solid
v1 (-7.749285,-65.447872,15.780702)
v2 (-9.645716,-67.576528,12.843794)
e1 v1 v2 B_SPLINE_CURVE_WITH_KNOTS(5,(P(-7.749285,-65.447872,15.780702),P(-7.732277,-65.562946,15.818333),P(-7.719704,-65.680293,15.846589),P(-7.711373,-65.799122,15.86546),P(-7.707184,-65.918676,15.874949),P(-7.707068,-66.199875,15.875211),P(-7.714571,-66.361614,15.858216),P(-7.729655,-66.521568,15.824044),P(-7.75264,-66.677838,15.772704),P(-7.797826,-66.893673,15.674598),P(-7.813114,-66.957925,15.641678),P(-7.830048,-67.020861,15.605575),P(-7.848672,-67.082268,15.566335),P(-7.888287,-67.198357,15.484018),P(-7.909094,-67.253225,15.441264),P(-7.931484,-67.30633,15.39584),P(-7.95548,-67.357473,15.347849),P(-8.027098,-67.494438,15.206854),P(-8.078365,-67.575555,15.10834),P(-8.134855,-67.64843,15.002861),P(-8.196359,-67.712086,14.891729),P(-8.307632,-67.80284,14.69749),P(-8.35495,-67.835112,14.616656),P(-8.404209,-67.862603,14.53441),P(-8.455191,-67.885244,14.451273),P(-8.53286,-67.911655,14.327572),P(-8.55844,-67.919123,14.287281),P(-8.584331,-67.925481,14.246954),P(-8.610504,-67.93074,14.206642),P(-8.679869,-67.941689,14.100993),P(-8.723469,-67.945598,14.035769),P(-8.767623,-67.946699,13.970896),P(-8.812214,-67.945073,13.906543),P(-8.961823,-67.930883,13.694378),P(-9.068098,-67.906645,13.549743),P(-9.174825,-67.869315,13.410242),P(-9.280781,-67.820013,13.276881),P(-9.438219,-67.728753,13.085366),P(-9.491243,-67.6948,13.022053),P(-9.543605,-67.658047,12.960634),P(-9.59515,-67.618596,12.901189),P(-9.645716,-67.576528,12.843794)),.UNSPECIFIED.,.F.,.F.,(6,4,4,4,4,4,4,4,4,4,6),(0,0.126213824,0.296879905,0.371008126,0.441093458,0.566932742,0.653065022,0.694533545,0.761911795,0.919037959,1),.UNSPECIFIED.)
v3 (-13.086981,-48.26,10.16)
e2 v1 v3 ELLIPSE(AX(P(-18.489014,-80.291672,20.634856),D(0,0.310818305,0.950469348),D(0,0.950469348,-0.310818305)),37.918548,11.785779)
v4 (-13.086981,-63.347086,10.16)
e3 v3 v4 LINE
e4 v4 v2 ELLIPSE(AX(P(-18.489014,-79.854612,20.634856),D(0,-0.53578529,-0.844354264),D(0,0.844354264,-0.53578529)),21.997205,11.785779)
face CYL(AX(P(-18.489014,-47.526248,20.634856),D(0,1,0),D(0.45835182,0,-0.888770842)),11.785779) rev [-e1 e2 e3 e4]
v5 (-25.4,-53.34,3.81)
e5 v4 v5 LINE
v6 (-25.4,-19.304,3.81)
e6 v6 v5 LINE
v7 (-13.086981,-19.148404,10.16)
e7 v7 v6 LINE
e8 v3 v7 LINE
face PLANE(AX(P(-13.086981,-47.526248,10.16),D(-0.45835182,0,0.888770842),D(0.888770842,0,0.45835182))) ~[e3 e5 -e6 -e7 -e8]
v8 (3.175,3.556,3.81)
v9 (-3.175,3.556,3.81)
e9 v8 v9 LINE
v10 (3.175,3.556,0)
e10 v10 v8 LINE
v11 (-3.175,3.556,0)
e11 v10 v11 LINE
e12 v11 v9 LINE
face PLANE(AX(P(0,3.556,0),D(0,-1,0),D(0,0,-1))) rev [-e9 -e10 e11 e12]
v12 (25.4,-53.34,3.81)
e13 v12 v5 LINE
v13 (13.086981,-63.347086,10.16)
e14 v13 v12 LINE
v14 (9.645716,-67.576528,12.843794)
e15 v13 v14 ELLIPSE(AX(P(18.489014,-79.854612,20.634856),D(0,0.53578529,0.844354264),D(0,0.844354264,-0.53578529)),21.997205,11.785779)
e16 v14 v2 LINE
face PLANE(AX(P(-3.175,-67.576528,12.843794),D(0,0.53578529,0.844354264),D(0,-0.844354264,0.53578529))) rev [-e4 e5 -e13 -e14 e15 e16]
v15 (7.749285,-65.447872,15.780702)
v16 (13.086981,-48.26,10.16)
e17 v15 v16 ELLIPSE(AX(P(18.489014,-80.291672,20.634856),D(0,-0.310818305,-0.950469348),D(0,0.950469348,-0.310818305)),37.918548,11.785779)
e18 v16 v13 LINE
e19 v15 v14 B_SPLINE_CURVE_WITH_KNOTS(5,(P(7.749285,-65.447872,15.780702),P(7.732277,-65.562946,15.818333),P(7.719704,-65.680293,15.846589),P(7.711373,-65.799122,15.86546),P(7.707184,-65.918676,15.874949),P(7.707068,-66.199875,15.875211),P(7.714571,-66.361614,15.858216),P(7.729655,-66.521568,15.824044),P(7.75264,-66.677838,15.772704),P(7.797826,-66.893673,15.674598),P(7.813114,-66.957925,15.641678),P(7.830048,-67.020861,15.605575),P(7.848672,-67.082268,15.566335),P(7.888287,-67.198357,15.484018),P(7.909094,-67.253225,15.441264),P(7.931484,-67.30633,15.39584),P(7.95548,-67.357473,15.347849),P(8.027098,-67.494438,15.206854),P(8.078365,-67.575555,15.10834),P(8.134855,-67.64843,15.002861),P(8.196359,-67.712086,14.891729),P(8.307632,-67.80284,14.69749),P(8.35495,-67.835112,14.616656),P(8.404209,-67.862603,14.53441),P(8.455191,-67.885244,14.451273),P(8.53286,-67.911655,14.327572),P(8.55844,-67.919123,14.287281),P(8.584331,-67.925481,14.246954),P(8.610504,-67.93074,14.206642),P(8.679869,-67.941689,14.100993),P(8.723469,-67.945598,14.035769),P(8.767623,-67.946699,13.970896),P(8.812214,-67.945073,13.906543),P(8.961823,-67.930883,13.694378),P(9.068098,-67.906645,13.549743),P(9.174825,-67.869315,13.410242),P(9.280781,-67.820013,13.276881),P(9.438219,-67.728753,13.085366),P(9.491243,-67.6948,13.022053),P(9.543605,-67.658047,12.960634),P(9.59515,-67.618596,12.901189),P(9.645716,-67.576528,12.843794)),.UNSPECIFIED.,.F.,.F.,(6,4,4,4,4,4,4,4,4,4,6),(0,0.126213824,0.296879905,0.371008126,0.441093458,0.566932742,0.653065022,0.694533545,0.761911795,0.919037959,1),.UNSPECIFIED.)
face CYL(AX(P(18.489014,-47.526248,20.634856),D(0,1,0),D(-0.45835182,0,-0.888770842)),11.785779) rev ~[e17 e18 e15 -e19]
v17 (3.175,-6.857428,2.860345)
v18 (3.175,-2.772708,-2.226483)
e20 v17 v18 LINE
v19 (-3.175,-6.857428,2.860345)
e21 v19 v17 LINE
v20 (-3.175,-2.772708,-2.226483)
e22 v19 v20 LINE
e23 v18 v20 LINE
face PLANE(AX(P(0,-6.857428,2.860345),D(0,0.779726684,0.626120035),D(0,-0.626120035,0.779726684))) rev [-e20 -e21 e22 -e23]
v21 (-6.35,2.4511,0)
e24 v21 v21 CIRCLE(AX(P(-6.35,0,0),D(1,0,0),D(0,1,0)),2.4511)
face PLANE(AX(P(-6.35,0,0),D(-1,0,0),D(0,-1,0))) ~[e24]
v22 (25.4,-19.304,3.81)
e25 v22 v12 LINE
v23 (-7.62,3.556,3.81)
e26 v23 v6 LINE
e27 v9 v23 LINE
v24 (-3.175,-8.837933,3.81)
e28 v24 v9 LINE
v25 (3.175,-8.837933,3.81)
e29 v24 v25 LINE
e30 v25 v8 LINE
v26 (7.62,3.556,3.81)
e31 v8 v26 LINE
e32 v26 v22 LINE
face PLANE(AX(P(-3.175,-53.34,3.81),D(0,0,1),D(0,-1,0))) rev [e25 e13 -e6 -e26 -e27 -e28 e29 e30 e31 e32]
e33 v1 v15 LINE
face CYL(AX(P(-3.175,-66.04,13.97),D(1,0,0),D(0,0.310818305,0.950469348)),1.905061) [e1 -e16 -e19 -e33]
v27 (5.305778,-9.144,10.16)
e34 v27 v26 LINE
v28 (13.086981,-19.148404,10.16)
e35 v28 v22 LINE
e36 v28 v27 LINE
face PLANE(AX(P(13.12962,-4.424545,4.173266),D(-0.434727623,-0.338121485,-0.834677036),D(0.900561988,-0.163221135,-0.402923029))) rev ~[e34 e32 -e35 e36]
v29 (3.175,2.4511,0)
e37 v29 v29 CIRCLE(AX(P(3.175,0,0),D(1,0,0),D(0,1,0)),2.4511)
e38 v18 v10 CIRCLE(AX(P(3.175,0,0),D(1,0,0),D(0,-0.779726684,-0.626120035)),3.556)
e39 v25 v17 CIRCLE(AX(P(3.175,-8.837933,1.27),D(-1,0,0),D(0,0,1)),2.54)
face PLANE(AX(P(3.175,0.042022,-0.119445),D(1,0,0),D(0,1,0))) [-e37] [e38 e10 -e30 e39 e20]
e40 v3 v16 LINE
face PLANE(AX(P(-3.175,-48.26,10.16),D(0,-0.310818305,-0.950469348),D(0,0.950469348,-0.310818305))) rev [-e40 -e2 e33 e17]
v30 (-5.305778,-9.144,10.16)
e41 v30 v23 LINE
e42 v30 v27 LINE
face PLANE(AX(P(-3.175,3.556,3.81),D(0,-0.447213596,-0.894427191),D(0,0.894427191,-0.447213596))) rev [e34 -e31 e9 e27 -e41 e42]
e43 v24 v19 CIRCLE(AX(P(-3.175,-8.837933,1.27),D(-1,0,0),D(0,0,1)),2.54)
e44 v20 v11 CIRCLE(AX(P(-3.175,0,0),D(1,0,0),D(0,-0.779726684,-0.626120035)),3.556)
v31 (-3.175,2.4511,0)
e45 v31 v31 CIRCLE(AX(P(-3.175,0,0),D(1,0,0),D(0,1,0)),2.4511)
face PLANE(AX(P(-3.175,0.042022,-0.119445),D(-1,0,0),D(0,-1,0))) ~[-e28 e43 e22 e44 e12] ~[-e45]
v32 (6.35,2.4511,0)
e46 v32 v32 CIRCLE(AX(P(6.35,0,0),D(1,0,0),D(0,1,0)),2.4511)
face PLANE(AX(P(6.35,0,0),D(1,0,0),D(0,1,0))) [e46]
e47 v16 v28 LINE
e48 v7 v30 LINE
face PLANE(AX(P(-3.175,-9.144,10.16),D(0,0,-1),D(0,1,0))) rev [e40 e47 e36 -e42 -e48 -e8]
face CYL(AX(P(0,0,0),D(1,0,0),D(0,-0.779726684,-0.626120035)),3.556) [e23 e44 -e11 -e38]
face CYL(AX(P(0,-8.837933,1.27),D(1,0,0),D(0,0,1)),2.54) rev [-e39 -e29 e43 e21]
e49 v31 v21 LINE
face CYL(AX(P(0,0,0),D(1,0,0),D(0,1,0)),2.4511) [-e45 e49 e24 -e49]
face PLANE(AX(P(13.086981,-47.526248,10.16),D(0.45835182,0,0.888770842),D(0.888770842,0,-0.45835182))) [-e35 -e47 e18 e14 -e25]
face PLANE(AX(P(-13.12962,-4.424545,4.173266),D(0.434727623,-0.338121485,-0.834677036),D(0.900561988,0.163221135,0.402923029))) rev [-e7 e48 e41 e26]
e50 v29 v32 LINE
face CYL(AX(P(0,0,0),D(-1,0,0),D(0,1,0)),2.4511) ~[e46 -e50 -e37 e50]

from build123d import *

# Parameters (mm, degrees)
F0_R      = 2.4511
F1_DEPTH  = 6.35
F2_DEPTH  = 3.175
F4_DEPTH  = 22.225
F10_W     = 56.74121622
F10_H     = 63.8059750199
F11_DEPTH = 25.4
F16_W     = 82.6793257147
F16_H     = 72.7323014289
F17_DEPTH = 25.4
F19_DEPTH = 50.8
F20_DEPTH = 25.4


with BuildPart() as f1:
    # F0 (on Right) → F1 (new body)
    with BuildSketch(Plane.YZ):
        Circle(F0_R)
    extrude(amount=F1_DEPTH)

    # F0 (on Right) → F2 (join)
    with BuildSketch(Plane.YZ):
        with BuildLine():
            ThreePointArc((-2.7727080887, -2.2264828441), (1.1801241538, -3.3544661247), (3.556, 0))
            ThreePointArc((3.556, 0), (-1.1801241538, 3.3544661247), (-2.7727080887, -2.2264828441))
        make_face()
        Circle(F0_R, mode=Mode.SUBTRACT)
        with BuildLine():
            ThreePointArc((-2.7727080887, -2.2264828441), (-1.1801241538, 3.3544661247), (3.556, 0))
            Line((3.556, 0), (3.556, 3.81))
            Line((3.556, 3.81), (-9.144, 10.16))
            Line((-9.144, 10.16), (-48.26, 10.16))
            Line((-48.26, 10.16), (-65.4478720941, 15.7807023171))
            ThreePointArc((-65.4478720941, 15.7807023171), (-67.5825080121, 15.0880015075), (-67.5765277328, 12.843793596))
            Line((-67.5765277328, 12.843793596), (-53.34, 3.81))
            Line((-53.34, 3.81), (-8.837933323, 3.81))
            ThreePointArc((-8.837933323, 3.81), (-7.7397247856, 3.5603139541), (-6.8574275453, 2.8603448886))
            Line((-6.8574275453, 2.8603448886), (-2.7727080887, -2.2264828441))
        make_face()
    extrude(amount=F2_DEPTH)

    # F3 (on face) → F4 (join)
    with BuildSketch(Plane.YZ.offset(3.175)):
        with BuildLine():
            Line((-8.837933323, 3.81), (3.556, 3.81))
            Line((3.556, 3.81), (-9.144, 10.16))
            Line((-9.144, 10.16), (-48.26, 10.16))
            Line((-48.26, 10.16), (-65.4478720941, 15.7807023171))
            ThreePointArc((-65.4478720941, 15.7807023171), (-67.5825080121, 15.0880015075), (-67.5765277328, 12.843793596))
            Line((-67.5765277328, 12.843793596), (-53.34, 3.81))
            Line((-53.34, 3.81), (-8.837933323, 3.81))
        make_face()
    extrude(amount=F4_DEPTH)

    # F10 (on 3pt) → F11 (cut)
    with BuildSketch(Plane(origin=(6.888273007, 0, 13.3567620635), x_dir=(0.8887708418, 0, -0.4583518198), z_dir=(0.4583518198, 0, 0.8887708418))):
        with Locations((15.902667772, -15.6232602894)):
            Rectangle(F10_W, F10_H)
    extrude(amount=F11_DEPTH, mode=Mode.SUBTRACT)

    # F16 (on 3pt) → F17 (cut)
    with BuildSketch(Plane(origin=(3.3452742707, 2.6018799884, 6.4229265998), x_dir=(0.9005619877, -0.1632211346, -0.4029230293), z_dir=(-0.4347276232, -0.3381214847, -0.8346770365))):
        with Locations((10.8647113666, 5.6677246466)):
            Rectangle(F16_W, F16_H)
    extrude(amount=-F17_DEPTH, mode=Mode.SUBTRACT)

    # F18 (on face) → F19 (cut)
    with BuildSketch(Plane(origin=(0, -47.5262477994, 0), x_dir=(-1, 0, 0), z_dir=(0, 1, 0))):
        with BuildLine():
            Line((-25.4, 10.16), (-13.0869806094, 10.16))
            ThreePointArc((-13.0869806094, 10.16), (-8.7936537349, 13.9337689195), (-6.7809289321, 19.2838087678))
            Line((-6.7809289321, 19.2838087678), (-25.4, 19.48883757))
            Line((-25.4, 19.48883757), (-25.4, 10.16))
        make_face()
    extrude(amount=-F19_DEPTH, mode=Mode.SUBTRACT)

    # F20 (cut): a face of the model
    f20_faces = [f1.faces().sort_by_distance(p)[0] for p in [
        (21.2956602031, -47.5262477994, 8.0433333333),
    ]]
    extrude(f20_faces, amount=-F20_DEPTH, mode=Mode.SUBTRACT)

    # F21: F1 across plane


with BuildPart() as f1_1:
    add(f1.part)
    add(f1.part.mirror(Plane.YZ))


solid = f1_1.part
